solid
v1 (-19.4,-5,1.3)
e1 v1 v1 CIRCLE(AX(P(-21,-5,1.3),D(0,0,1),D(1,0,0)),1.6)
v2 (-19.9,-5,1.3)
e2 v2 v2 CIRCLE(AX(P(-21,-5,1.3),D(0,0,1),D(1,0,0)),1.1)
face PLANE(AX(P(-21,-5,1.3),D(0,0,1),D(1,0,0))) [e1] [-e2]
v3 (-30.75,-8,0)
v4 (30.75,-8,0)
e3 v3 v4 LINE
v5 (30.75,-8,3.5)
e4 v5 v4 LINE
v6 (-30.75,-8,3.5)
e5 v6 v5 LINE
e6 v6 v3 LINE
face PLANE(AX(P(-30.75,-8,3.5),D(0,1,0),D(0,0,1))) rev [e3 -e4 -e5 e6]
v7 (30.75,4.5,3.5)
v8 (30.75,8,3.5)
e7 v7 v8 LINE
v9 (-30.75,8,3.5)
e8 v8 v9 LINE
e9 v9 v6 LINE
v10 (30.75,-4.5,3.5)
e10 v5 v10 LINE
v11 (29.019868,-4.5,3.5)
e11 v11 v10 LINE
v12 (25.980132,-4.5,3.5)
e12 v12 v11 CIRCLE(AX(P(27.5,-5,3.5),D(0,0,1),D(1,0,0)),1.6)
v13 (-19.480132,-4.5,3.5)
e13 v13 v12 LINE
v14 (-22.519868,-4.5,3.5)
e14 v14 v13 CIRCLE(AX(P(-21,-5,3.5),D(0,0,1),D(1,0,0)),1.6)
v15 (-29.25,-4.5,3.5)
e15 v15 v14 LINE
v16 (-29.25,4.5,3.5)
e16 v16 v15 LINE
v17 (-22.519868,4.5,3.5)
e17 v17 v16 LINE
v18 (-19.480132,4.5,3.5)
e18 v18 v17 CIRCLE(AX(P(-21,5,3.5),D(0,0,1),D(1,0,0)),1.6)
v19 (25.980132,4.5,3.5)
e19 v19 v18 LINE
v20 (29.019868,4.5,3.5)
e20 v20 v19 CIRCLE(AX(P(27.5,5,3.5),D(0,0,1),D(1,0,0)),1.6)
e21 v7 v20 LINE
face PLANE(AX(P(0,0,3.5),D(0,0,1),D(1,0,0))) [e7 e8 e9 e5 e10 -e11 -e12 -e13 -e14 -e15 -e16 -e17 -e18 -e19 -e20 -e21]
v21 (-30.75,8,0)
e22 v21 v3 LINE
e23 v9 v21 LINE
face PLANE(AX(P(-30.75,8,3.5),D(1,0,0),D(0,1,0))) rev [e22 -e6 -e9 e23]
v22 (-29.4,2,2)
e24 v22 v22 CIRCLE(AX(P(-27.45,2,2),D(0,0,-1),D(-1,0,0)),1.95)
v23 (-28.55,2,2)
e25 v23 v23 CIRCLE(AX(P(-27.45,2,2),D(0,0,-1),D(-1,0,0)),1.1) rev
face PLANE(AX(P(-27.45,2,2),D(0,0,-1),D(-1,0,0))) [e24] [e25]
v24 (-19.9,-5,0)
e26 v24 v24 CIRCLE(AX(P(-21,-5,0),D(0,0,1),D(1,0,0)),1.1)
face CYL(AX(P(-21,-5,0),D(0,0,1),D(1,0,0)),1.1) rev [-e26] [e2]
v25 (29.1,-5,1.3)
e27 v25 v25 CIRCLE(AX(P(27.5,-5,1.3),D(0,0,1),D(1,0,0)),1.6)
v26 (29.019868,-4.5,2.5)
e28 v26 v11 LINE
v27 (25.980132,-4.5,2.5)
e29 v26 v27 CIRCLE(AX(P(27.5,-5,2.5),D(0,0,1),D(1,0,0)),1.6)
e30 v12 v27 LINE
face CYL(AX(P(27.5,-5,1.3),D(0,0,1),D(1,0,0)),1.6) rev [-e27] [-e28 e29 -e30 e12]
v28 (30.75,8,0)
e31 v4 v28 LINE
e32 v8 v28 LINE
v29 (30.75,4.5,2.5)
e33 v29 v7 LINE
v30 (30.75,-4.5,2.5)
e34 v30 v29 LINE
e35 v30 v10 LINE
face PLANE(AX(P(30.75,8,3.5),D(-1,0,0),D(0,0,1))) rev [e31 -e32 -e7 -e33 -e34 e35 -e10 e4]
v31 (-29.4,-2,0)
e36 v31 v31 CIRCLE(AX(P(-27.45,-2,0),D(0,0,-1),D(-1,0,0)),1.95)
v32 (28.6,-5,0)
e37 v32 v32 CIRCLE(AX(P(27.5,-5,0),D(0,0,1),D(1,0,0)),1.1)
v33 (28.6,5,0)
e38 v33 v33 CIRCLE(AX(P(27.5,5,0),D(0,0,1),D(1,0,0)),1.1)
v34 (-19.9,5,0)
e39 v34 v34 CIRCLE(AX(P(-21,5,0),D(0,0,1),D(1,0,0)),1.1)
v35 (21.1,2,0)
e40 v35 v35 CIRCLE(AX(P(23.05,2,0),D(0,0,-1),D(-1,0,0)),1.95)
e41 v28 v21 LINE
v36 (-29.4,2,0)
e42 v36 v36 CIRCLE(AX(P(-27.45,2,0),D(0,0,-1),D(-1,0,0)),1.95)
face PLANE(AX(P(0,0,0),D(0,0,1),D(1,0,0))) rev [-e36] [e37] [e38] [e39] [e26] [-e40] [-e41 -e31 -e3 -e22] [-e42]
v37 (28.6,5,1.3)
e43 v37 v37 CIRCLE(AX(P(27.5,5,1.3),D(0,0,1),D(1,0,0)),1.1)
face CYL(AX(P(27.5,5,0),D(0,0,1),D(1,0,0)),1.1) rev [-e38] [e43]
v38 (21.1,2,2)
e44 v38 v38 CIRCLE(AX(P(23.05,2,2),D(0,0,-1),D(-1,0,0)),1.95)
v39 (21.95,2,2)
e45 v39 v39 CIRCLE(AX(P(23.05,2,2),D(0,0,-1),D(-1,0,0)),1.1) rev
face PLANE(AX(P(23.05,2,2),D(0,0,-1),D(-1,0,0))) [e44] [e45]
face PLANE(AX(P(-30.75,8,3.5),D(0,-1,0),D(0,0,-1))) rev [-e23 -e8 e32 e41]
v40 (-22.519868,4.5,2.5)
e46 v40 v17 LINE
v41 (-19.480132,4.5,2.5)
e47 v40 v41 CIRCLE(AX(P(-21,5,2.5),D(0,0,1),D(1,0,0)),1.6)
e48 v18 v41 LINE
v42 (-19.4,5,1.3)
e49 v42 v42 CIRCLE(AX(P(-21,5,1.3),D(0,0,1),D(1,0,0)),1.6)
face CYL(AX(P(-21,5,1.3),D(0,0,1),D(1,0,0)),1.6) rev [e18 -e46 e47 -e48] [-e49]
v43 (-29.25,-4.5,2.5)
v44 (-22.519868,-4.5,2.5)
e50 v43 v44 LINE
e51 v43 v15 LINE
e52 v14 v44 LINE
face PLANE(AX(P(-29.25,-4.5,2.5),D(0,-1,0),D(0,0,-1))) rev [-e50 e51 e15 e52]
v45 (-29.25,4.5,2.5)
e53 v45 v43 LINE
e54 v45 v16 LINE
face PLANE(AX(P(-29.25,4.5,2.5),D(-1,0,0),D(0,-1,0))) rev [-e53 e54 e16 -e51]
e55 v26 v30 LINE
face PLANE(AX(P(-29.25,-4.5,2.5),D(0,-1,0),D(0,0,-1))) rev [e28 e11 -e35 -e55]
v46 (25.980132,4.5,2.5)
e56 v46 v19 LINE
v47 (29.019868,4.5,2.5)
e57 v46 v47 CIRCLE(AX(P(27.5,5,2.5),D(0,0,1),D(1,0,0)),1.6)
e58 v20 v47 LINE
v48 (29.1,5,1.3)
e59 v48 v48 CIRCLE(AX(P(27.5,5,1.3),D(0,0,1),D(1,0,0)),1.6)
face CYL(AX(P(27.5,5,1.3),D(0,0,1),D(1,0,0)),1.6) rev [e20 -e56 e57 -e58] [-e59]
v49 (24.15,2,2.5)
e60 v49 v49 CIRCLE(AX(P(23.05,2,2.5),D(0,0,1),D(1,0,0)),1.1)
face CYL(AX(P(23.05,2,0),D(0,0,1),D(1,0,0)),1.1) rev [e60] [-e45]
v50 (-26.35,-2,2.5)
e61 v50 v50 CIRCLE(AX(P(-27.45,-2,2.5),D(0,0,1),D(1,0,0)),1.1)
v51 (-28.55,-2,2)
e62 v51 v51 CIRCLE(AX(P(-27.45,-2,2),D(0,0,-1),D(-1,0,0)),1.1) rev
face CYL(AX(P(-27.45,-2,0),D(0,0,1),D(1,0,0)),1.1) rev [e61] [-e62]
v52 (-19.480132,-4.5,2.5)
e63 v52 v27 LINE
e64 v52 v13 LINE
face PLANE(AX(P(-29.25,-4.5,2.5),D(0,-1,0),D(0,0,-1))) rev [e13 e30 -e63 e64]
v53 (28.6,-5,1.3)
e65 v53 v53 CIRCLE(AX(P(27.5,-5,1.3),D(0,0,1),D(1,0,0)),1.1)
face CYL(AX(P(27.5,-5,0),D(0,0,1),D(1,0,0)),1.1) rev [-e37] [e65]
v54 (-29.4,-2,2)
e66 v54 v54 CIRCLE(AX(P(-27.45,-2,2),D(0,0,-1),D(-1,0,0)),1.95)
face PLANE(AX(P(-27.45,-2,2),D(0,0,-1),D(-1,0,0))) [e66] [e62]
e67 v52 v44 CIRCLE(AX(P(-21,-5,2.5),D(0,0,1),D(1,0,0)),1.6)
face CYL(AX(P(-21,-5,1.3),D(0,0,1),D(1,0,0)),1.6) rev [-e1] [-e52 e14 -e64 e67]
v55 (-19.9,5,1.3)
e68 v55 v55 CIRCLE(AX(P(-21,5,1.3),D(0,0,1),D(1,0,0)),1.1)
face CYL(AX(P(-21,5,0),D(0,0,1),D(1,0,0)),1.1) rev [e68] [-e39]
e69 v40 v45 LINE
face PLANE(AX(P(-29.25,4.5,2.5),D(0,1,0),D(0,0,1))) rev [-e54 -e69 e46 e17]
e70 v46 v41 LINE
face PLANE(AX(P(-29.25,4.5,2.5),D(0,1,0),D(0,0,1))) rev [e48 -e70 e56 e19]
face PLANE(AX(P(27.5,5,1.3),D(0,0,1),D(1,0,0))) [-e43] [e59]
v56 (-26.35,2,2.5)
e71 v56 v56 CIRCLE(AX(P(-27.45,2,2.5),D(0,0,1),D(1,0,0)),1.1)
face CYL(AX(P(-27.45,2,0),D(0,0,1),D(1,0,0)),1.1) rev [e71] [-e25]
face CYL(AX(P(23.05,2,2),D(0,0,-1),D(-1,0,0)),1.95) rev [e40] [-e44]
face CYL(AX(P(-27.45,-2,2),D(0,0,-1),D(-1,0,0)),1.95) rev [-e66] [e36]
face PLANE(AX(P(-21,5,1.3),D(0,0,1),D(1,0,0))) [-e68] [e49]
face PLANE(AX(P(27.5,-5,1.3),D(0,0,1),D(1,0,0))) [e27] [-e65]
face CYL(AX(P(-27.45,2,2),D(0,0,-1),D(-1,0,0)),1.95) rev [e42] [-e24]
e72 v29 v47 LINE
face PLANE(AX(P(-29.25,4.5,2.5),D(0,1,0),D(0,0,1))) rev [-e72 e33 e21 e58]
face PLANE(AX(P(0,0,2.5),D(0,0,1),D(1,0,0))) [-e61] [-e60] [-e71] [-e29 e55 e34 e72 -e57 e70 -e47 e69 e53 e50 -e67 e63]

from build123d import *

# Parameters (mm, degrees)
SKETCH1_W           = 61.5
SKETCH1_H           = 16
BOSS_EXTRUDE1_DEPTH = 3.5
SKETCH5_W           = 60
SKETCH5_H           = 9
CUT_EXTRUDE3_DEPTH  = 1
SKETCH6_R           = 1.1
CUT_EXTRUDE4_DEPTH  = 32.871813566
SKETCH7_R           = 1.6
CUT_EXTRUDE5_DEPTH  = 2.2
SKETCH8_R           = 1.1
CUT_EXTRUDE6_DEPTH  = 32.871813566
SKETCH11_R          = 1.95
CUT_EXTRUDE10_DEPTH = 2


with BuildPart() as part:
    # Sketch1 → Boss-Extrude1 (new body)
    with BuildSketch(Plane.XY):
        Rectangle(SKETCH1_W, SKETCH1_H)
    extrude(amount=BOSS_EXTRUDE1_DEPTH)

    # Sketch5 → Cut-Extrude3 (cut)
    with BuildSketch(Plane.XY.offset(3.5)):
        with Locations((0.75, 0)):
            Rectangle(SKETCH5_W, SKETCH5_H)
    extrude(amount=-CUT_EXTRUDE3_DEPTH, mode=Mode.SUBTRACT)

    # Sketch6 → Cut-Extrude4 (cut, through all)
    with BuildSketch(Plane.XY.offset(2.5)):
        with Locations((-27.45, 2)):
            Circle(SKETCH6_R)
        with Locations((-27.45, -2)):
            Circle(SKETCH6_R)
        with Locations((23.05, 2)):
            Circle(SKETCH6_R)
    extrude(amount=-CUT_EXTRUDE4_DEPTH, mode=Mode.SUBTRACT)

    # Sketch7 → Cut-Extrude5 (cut)
    with BuildSketch(Plane.XY.offset(3.5)):
        with Locations((-21, 5)):
            Circle(SKETCH7_R)
        with Locations((-21, -5)):
            Circle(SKETCH7_R)
        with Locations((27.5, 5)):
            Circle(SKETCH7_R)
        with Locations((27.5, -5)):
            Circle(SKETCH7_R)
    extrude(amount=-CUT_EXTRUDE5_DEPTH, mode=Mode.SUBTRACT)

    # Sketch8 → Cut-Extrude6 (cut, through all)
    with BuildSketch(Plane.XY.offset(2.5)):
        with Locations((-21, 5)):
            Circle(SKETCH8_R)
        with Locations((-21, -5)):
            Circle(SKETCH8_R)
        with Locations((27.5, 5)):
            Circle(SKETCH8_R)
        with Locations((27.5, -5)):
            Circle(SKETCH8_R)
    extrude(amount=-CUT_EXTRUDE6_DEPTH, mode=Mode.SUBTRACT)

    # Sketch11 → Cut-Extrude10 (cut)
    with BuildSketch(Plane(origin=(0, 0, 0), x_dir=(-1, 0, 0), z_dir=(0, 0, -1))):
        with Locations((-23.05, 2)):
            Circle(SKETCH11_R)
        with Locations((27.45, -2)):
            Circle(SKETCH11_R)
        with Locations((27.45, 2)):
            Circle(SKETCH11_R)
    extrude(amount=-CUT_EXTRUDE10_DEPTH, mode=Mode.SUBTRACT)


solid = part.part
